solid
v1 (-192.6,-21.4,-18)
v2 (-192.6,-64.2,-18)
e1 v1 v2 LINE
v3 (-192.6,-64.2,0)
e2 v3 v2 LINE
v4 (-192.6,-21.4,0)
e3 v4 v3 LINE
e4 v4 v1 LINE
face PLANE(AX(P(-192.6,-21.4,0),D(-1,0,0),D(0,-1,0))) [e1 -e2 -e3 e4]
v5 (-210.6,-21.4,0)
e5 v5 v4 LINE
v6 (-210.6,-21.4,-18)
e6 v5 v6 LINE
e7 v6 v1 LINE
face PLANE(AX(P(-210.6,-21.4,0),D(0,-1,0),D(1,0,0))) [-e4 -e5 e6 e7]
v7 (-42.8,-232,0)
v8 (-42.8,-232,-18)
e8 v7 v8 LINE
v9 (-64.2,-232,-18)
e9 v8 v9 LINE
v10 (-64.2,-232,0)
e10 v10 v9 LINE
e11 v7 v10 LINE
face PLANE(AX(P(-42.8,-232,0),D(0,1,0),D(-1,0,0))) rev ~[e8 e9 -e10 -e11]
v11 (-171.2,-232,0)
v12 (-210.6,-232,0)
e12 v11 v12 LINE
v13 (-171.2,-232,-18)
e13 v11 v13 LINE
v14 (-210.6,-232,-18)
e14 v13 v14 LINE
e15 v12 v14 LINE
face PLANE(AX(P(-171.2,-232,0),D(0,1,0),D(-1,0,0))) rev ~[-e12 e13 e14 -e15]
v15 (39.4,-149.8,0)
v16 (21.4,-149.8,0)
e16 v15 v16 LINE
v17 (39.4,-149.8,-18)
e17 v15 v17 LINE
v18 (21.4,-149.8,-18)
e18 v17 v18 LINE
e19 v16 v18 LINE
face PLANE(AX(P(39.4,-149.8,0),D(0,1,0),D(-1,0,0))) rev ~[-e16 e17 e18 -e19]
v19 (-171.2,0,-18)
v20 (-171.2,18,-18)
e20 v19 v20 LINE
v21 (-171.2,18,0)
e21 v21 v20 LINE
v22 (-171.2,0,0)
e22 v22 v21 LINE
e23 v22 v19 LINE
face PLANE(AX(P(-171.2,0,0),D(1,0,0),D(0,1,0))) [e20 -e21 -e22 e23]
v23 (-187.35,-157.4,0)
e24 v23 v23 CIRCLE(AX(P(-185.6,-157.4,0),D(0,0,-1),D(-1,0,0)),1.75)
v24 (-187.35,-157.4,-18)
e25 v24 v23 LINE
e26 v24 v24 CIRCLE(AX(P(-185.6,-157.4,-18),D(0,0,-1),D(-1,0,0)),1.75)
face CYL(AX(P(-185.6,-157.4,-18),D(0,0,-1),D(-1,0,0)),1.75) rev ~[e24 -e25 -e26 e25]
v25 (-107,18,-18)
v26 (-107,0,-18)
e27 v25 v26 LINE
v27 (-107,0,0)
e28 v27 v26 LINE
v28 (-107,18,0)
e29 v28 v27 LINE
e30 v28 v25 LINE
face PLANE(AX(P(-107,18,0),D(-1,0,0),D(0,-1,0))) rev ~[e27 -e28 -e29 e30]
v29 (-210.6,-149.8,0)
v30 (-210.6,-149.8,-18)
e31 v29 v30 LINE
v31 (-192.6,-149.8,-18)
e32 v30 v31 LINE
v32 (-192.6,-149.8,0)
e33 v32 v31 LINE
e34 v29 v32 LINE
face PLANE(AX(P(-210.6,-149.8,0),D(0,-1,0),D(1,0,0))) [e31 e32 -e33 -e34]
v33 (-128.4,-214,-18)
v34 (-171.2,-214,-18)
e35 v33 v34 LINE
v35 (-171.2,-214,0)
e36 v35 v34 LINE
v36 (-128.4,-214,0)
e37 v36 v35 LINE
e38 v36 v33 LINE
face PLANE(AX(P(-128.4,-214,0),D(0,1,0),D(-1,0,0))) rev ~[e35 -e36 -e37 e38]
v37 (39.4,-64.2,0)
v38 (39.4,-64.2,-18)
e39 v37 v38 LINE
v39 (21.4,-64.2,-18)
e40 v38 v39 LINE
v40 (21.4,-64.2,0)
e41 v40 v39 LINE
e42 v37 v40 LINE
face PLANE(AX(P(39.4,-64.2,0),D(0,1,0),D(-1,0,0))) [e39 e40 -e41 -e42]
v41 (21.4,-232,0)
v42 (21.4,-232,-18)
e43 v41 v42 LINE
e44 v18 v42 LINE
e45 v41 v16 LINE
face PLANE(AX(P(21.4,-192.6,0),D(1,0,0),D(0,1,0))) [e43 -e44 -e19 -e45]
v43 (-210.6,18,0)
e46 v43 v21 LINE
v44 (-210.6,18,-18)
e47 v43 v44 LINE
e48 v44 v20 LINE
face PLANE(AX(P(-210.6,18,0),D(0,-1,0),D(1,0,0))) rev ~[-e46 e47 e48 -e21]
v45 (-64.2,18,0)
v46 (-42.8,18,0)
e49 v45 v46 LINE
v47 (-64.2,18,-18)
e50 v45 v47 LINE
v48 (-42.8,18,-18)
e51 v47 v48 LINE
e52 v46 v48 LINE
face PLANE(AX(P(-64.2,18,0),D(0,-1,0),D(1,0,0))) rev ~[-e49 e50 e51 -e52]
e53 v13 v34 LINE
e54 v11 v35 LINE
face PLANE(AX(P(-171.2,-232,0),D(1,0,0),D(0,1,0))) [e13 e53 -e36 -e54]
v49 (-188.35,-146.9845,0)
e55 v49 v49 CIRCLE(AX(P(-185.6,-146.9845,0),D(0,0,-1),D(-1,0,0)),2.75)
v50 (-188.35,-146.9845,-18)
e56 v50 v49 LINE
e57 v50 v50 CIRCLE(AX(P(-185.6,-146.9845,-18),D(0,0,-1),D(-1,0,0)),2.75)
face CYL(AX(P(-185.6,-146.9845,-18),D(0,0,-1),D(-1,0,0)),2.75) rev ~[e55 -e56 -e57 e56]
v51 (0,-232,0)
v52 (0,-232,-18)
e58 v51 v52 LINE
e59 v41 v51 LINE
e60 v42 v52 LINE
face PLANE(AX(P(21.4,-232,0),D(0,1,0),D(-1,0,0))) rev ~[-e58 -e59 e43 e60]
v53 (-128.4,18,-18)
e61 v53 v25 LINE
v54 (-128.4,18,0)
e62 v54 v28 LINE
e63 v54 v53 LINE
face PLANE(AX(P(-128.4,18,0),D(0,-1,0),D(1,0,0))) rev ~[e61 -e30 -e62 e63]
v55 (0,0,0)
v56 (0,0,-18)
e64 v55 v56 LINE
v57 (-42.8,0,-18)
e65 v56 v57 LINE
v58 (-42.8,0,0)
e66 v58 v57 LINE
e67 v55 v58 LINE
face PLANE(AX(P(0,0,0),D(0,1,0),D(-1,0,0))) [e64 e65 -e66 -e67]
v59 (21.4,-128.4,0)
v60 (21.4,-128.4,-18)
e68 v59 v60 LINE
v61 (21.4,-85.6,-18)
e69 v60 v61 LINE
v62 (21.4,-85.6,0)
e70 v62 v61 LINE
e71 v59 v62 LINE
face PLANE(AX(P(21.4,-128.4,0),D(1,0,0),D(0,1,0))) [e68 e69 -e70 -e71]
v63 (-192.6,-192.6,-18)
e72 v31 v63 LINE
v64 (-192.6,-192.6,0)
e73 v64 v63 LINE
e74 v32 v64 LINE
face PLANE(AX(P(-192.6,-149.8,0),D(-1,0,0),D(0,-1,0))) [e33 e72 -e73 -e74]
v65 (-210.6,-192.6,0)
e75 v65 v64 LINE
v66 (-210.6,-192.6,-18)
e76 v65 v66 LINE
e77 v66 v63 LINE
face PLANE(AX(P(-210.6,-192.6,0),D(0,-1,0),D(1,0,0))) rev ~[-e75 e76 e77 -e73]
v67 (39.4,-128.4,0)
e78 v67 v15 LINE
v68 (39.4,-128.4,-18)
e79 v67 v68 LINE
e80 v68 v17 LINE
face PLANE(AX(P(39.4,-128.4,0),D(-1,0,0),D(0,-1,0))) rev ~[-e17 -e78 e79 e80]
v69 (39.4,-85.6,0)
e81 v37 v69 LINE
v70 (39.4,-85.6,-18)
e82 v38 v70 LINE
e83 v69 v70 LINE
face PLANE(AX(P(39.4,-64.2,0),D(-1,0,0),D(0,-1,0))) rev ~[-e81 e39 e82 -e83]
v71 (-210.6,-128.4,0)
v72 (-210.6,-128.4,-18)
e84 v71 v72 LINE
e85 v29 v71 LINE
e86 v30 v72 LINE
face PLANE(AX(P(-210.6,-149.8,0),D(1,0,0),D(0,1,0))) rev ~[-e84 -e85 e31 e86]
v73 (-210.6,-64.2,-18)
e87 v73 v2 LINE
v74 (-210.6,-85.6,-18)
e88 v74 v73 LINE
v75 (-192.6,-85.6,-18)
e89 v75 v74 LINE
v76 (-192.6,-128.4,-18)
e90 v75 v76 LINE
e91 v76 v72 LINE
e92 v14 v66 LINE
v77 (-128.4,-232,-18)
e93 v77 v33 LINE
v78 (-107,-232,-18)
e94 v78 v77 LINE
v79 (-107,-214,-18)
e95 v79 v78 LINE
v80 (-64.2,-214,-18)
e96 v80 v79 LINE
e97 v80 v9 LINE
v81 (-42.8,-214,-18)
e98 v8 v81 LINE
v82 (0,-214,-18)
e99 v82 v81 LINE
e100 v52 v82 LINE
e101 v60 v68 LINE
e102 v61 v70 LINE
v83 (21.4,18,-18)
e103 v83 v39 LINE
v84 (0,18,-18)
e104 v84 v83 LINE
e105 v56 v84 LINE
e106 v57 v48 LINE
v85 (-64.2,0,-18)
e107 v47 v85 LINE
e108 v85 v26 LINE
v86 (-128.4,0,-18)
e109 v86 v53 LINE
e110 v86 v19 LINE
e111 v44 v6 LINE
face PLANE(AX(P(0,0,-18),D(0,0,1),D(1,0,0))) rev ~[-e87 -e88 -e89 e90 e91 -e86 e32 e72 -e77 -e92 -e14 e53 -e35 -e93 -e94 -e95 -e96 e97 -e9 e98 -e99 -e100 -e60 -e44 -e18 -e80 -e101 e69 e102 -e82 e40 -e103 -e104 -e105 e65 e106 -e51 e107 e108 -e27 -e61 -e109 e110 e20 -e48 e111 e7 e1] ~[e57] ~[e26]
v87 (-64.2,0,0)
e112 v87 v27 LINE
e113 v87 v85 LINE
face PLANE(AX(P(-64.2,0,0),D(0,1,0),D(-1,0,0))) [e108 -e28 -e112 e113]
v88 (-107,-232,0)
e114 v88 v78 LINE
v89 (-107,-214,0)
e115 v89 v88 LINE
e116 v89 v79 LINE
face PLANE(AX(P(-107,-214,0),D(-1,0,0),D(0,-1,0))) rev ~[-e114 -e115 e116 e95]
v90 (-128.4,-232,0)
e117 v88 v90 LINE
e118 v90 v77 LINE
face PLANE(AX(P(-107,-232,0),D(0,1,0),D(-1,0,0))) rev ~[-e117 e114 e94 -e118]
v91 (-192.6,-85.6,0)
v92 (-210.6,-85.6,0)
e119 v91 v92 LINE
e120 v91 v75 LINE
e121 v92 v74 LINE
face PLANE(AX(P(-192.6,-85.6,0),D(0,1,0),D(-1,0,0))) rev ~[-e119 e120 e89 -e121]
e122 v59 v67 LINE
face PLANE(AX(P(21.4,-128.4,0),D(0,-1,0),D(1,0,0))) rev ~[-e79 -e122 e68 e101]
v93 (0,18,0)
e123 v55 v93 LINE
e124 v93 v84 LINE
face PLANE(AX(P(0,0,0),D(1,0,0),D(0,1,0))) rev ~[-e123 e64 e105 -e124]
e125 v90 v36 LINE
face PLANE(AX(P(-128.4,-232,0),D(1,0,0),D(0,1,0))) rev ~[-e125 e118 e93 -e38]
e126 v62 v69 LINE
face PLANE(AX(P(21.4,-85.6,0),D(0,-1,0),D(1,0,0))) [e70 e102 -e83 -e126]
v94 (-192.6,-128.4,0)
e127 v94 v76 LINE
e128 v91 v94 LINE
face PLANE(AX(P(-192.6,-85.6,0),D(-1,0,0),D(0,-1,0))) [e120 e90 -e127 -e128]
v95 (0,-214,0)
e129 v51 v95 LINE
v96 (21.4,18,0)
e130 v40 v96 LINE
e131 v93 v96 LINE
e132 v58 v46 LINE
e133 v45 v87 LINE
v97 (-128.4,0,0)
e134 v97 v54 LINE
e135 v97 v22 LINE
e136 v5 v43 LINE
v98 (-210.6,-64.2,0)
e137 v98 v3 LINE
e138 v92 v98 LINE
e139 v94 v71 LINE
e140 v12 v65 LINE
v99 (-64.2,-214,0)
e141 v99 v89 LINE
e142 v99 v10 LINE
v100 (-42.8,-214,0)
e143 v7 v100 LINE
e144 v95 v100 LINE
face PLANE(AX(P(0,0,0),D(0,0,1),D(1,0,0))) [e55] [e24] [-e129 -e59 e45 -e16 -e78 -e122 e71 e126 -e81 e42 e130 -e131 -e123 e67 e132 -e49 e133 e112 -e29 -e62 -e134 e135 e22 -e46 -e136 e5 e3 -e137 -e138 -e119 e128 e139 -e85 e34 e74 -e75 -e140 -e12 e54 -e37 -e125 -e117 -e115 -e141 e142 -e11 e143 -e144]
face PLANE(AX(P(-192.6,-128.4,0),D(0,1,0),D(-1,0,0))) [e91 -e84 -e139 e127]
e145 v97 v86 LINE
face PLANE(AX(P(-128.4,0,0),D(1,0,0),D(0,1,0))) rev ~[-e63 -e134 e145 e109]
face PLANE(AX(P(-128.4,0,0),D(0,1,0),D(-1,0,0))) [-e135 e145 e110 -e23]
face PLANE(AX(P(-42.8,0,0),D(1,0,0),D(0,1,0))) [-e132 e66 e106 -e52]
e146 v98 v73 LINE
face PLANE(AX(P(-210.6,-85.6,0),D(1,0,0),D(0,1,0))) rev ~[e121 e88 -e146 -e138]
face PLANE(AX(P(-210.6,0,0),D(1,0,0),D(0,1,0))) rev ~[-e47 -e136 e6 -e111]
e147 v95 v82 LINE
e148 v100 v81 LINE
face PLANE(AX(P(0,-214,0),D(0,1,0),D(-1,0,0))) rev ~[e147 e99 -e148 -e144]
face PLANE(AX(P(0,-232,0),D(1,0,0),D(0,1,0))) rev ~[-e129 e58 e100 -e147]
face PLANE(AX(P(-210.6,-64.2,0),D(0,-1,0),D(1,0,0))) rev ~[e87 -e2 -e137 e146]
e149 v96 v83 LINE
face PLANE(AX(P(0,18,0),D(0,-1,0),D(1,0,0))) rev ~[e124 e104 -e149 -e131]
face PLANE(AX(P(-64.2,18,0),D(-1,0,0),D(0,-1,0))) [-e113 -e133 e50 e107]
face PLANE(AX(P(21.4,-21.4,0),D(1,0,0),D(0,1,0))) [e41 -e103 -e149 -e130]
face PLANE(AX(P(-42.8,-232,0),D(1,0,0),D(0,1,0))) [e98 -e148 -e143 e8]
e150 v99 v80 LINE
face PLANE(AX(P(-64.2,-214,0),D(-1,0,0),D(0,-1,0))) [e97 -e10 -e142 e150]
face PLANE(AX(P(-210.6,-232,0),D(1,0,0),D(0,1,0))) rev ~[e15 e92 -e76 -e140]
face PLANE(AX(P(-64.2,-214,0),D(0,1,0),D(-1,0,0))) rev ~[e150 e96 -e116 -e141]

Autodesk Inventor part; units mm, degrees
ref_plane "YZ Plane" through (0, 0, 0) normal (1, 0, 0) x (0, 1, 0)
ref_plane "XZ Plane" through (0, 0, 0) normal (0, 1, 0) x (-1, 0, 0)
ref_plane "XY Plane" through (0, 0, 0) normal (0, 0, 1) x (1, 0, 0)
sketch "Sketch1" plane through (0, 0, 0) normal (0, 0, 1) x (1, 0, 0)
  line L0 (-210.6, 18) -> (39.4, 18)
  line L1 (39.4, 18) -> (39.4, -232)
  line L2 (39.4, -232) -> (-210.6, -232)
  line L3 (-210.6, -232) -> (-210.6, 18)
  line L4 (21.4, -214) -> (21.4, 0)
  line L5 (21.4, -214) -> (-192.6, -214)
  line L6 (-192.6, -214) -> (21.4, -214)
  line L7 (39.4, 0) -> (39.4, -21.4)
  line L8 (39.4, -21.4) -> (21.4, -21.4)
  line L9 (21.4, -21.4) -> (21.4, 0)
  line L10 (39.4, -64.2) -> (21.4, -64.2)
  line L11 (21.4, -64.2) -> (21.4, -85.6)
  line L12 (21.4, -85.6) -> (39.4, -85.6)
  line L13 (21.4, -128.4) -> (39.4, -128.4)
  line L14 (39.4, -149.8) -> (21.4, -149.8)
  line L15 (39.4, -192.6) -> (21.4, -192.6)
  line L16 (-210.6, 18) -> (-210.6, 0)
  line L17 (21.4, 0) -> (21.4, 18)
  line L18 (-210.6, -192.6) -> (-192.6, -192.6)
  line L19 (-210.6, -149.8) -> (-192.6, -149.8)
  line L20 (-192.6, -128.4) -> (-210.6, -128.4)
  line L21 (-192.6, -85.6) -> (-210.6, -85.6)
  line L22 (-210.6, -64.2) -> (-192.6, -64.2)
  line L23 (-210.6, -21.4) -> (-192.6, -21.4)
  line L24 (-64.2, -214) -> (-64.2, -232)
  line L25 (-107, -214) -> (-107, -232)
  line L26 (-128.4, -232) -> (-128.4, -214)
  line L27 (-171.2, -232) -> (-171.2, -214)
  line L28 (-42.8, -232) -> (-42.8, -214)
  line L29 (0, -232) -> (0, -214)
  line L30 (-64.2, 18) -> (-64.2, 0)
  line L31 (-42.8, 0) -> (-42.8, 18)
  line L32 (0, 0) -> (0, 18)
  line L33 (-128.4, 0) -> (-128.4, 18)
  line L34 (-171.2, 0) -> (-171.2, 18)
  line L35 (-107, 18) -> (-107, 0)
  line L36 (21.4, 0) -> (-192.6, 0)
  line L37 (-192.6, 0) -> (-192.6, -214)
  line L38 (21.4, -214) -> (21.4, -232)
  point P0 (0, 0)
  point P1 (227.0923, 209.5253)
  point P2 (245.0923, 209.5253)
  point P3 (227.0923, 252.3253)
  point P4 (205.6923, 273.7253)
  point P5 (205.6923, 291.7253)
  point P6 (162.8923, 291.7253)
  point P7 (162.8923, 273.7253)
  point P8 (141.4923, 273.7253)
  point P9 (141.4923, 291.7253)
  point P10 (98.6923, 291.7253)
  point P11 (98.6923, 273.7253)
  point P12 (77.2923, 273.7253)
  point P13 (77.2923, 291.7253)
  point P14 (34.4923, 291.7253)
  point P15 (34.4923, 273.7253)
  point P16 (13.0923, 252.3253)
  point P17 (-4.9077, 252.3253)
  point P18 (-4.9077, 209.5253)
  point P19 (13.0923, 209.5253)
  point P20 (13.0923, 188.1253)
  point P21 (-4.9077, 188.1253)
  point P22 (-4.9077, 145.3253)
  point P23 (13.0923, 145.3253)
  point P24 (13.0923, 123.9253)
  point P25 (-4.9077, 123.9253)
  point P26 (-4.9077, 81.1253)
  point P27 (13.0923, 81.1253)
  point P28 (13.0923, 59.7253)
  point P29 (34.4923, 59.7253)
  point P30 (34.4923, 41.7253)
  point P31 (77.2923, 41.7253)
  point P32 (77.2923, 59.7253)
  point P33 (98.6923, 59.7253)
  point P34 (98.6923, 41.7253)
  point P35 (141.4923, 41.7253)
  point P36 (141.4923, 59.7253)
  point P37 (162.8923, 59.7253)
  point P38 (162.8923, 41.7253)
  point P39 (205.6923, 41.7253)
  point P40 (205.6923, 59.7253)
  point P41 (227.0923, 59.7253)
  point P42 (227.0923, 81.1253)
  point P43 (245.0923, 81.1253)
  point P44 (245.0923, 123.9253)
  point P45 (227.0923, 123.9253)
  point P46 (227.0923, 145.3253)
  point P47 (245.0923, 145.3253)
  point P48 (245.0923, 188.1253)
  point P49 (227.0923, 188.1253)
  point P50 (-210.6, -232)
  dimension "d0" = 250
  dimension "d1" = 250
  dimension "d2" = 21.4
extrude "Plate1" add sketch "Sketch1" against normal blind 18 contours L0 L34 L36 L37 L23 L3 | L0 L35 L36 L33 | L36 L4 L5 L37 | L22 L37 L21 L3 | L0 L31 L36 L30 | L20 L37 L19 L3 | L0 L17 L36 L32 | L18 L37 L5 L27 L2 L3 | L10 L1 L12 L4 | L26 L5 L25 L2 | L13 L1 L14 L4 | L24 L5 L28 L2 | L29 L5 L38 L2
sketch "Sketch2" plane through (0, 0, -18) normal (0, 0, -1) x (-1, 0, 0)
  circle A0 centre (185.6, -157.4) radius 1.75
  line L0 (192.6, -137.4) -> (-21.4, -137.4) projected
  line L1 (192.6, -192.6) -> (192.6, -149.8) projected
  line L2 (210.6, -232) -> (171.2, -232) projected
  circle A1 centre (185.6, -146.9845) radius 2.75
  point P0 (0, 0)
  dimension "d4" = 3.5
  dimension "d5" = 20
  dimension "d6" = 7
  dimension "d7" = 5.5
  dimension "d8" = 7
extrude "Cut1" cut sketch "Sketch2" against normal blind 18
equation "\"d9\" = Thickness"
equation "\"d3\" = Thickness"
equation "\"BendRadius\" = Thickness"
equation "\"BendReliefWidth\" = Thickness"
equation "\"BendReliefDepth\" = 0.5 * Thickness"
equation "\"CornerReliefSize\" = 4 * Thickness"
equation "\"MinimumRemnant\" = 2 * Thickness"
equation "\"TransitionRadius\" = BendRadius"
equation "\"JacobiRadiusSize\" = BendRadius"
equation "\"GapSize\" = Thickness"
equation "\"Thickness\" = 18"
properties part number "5"
